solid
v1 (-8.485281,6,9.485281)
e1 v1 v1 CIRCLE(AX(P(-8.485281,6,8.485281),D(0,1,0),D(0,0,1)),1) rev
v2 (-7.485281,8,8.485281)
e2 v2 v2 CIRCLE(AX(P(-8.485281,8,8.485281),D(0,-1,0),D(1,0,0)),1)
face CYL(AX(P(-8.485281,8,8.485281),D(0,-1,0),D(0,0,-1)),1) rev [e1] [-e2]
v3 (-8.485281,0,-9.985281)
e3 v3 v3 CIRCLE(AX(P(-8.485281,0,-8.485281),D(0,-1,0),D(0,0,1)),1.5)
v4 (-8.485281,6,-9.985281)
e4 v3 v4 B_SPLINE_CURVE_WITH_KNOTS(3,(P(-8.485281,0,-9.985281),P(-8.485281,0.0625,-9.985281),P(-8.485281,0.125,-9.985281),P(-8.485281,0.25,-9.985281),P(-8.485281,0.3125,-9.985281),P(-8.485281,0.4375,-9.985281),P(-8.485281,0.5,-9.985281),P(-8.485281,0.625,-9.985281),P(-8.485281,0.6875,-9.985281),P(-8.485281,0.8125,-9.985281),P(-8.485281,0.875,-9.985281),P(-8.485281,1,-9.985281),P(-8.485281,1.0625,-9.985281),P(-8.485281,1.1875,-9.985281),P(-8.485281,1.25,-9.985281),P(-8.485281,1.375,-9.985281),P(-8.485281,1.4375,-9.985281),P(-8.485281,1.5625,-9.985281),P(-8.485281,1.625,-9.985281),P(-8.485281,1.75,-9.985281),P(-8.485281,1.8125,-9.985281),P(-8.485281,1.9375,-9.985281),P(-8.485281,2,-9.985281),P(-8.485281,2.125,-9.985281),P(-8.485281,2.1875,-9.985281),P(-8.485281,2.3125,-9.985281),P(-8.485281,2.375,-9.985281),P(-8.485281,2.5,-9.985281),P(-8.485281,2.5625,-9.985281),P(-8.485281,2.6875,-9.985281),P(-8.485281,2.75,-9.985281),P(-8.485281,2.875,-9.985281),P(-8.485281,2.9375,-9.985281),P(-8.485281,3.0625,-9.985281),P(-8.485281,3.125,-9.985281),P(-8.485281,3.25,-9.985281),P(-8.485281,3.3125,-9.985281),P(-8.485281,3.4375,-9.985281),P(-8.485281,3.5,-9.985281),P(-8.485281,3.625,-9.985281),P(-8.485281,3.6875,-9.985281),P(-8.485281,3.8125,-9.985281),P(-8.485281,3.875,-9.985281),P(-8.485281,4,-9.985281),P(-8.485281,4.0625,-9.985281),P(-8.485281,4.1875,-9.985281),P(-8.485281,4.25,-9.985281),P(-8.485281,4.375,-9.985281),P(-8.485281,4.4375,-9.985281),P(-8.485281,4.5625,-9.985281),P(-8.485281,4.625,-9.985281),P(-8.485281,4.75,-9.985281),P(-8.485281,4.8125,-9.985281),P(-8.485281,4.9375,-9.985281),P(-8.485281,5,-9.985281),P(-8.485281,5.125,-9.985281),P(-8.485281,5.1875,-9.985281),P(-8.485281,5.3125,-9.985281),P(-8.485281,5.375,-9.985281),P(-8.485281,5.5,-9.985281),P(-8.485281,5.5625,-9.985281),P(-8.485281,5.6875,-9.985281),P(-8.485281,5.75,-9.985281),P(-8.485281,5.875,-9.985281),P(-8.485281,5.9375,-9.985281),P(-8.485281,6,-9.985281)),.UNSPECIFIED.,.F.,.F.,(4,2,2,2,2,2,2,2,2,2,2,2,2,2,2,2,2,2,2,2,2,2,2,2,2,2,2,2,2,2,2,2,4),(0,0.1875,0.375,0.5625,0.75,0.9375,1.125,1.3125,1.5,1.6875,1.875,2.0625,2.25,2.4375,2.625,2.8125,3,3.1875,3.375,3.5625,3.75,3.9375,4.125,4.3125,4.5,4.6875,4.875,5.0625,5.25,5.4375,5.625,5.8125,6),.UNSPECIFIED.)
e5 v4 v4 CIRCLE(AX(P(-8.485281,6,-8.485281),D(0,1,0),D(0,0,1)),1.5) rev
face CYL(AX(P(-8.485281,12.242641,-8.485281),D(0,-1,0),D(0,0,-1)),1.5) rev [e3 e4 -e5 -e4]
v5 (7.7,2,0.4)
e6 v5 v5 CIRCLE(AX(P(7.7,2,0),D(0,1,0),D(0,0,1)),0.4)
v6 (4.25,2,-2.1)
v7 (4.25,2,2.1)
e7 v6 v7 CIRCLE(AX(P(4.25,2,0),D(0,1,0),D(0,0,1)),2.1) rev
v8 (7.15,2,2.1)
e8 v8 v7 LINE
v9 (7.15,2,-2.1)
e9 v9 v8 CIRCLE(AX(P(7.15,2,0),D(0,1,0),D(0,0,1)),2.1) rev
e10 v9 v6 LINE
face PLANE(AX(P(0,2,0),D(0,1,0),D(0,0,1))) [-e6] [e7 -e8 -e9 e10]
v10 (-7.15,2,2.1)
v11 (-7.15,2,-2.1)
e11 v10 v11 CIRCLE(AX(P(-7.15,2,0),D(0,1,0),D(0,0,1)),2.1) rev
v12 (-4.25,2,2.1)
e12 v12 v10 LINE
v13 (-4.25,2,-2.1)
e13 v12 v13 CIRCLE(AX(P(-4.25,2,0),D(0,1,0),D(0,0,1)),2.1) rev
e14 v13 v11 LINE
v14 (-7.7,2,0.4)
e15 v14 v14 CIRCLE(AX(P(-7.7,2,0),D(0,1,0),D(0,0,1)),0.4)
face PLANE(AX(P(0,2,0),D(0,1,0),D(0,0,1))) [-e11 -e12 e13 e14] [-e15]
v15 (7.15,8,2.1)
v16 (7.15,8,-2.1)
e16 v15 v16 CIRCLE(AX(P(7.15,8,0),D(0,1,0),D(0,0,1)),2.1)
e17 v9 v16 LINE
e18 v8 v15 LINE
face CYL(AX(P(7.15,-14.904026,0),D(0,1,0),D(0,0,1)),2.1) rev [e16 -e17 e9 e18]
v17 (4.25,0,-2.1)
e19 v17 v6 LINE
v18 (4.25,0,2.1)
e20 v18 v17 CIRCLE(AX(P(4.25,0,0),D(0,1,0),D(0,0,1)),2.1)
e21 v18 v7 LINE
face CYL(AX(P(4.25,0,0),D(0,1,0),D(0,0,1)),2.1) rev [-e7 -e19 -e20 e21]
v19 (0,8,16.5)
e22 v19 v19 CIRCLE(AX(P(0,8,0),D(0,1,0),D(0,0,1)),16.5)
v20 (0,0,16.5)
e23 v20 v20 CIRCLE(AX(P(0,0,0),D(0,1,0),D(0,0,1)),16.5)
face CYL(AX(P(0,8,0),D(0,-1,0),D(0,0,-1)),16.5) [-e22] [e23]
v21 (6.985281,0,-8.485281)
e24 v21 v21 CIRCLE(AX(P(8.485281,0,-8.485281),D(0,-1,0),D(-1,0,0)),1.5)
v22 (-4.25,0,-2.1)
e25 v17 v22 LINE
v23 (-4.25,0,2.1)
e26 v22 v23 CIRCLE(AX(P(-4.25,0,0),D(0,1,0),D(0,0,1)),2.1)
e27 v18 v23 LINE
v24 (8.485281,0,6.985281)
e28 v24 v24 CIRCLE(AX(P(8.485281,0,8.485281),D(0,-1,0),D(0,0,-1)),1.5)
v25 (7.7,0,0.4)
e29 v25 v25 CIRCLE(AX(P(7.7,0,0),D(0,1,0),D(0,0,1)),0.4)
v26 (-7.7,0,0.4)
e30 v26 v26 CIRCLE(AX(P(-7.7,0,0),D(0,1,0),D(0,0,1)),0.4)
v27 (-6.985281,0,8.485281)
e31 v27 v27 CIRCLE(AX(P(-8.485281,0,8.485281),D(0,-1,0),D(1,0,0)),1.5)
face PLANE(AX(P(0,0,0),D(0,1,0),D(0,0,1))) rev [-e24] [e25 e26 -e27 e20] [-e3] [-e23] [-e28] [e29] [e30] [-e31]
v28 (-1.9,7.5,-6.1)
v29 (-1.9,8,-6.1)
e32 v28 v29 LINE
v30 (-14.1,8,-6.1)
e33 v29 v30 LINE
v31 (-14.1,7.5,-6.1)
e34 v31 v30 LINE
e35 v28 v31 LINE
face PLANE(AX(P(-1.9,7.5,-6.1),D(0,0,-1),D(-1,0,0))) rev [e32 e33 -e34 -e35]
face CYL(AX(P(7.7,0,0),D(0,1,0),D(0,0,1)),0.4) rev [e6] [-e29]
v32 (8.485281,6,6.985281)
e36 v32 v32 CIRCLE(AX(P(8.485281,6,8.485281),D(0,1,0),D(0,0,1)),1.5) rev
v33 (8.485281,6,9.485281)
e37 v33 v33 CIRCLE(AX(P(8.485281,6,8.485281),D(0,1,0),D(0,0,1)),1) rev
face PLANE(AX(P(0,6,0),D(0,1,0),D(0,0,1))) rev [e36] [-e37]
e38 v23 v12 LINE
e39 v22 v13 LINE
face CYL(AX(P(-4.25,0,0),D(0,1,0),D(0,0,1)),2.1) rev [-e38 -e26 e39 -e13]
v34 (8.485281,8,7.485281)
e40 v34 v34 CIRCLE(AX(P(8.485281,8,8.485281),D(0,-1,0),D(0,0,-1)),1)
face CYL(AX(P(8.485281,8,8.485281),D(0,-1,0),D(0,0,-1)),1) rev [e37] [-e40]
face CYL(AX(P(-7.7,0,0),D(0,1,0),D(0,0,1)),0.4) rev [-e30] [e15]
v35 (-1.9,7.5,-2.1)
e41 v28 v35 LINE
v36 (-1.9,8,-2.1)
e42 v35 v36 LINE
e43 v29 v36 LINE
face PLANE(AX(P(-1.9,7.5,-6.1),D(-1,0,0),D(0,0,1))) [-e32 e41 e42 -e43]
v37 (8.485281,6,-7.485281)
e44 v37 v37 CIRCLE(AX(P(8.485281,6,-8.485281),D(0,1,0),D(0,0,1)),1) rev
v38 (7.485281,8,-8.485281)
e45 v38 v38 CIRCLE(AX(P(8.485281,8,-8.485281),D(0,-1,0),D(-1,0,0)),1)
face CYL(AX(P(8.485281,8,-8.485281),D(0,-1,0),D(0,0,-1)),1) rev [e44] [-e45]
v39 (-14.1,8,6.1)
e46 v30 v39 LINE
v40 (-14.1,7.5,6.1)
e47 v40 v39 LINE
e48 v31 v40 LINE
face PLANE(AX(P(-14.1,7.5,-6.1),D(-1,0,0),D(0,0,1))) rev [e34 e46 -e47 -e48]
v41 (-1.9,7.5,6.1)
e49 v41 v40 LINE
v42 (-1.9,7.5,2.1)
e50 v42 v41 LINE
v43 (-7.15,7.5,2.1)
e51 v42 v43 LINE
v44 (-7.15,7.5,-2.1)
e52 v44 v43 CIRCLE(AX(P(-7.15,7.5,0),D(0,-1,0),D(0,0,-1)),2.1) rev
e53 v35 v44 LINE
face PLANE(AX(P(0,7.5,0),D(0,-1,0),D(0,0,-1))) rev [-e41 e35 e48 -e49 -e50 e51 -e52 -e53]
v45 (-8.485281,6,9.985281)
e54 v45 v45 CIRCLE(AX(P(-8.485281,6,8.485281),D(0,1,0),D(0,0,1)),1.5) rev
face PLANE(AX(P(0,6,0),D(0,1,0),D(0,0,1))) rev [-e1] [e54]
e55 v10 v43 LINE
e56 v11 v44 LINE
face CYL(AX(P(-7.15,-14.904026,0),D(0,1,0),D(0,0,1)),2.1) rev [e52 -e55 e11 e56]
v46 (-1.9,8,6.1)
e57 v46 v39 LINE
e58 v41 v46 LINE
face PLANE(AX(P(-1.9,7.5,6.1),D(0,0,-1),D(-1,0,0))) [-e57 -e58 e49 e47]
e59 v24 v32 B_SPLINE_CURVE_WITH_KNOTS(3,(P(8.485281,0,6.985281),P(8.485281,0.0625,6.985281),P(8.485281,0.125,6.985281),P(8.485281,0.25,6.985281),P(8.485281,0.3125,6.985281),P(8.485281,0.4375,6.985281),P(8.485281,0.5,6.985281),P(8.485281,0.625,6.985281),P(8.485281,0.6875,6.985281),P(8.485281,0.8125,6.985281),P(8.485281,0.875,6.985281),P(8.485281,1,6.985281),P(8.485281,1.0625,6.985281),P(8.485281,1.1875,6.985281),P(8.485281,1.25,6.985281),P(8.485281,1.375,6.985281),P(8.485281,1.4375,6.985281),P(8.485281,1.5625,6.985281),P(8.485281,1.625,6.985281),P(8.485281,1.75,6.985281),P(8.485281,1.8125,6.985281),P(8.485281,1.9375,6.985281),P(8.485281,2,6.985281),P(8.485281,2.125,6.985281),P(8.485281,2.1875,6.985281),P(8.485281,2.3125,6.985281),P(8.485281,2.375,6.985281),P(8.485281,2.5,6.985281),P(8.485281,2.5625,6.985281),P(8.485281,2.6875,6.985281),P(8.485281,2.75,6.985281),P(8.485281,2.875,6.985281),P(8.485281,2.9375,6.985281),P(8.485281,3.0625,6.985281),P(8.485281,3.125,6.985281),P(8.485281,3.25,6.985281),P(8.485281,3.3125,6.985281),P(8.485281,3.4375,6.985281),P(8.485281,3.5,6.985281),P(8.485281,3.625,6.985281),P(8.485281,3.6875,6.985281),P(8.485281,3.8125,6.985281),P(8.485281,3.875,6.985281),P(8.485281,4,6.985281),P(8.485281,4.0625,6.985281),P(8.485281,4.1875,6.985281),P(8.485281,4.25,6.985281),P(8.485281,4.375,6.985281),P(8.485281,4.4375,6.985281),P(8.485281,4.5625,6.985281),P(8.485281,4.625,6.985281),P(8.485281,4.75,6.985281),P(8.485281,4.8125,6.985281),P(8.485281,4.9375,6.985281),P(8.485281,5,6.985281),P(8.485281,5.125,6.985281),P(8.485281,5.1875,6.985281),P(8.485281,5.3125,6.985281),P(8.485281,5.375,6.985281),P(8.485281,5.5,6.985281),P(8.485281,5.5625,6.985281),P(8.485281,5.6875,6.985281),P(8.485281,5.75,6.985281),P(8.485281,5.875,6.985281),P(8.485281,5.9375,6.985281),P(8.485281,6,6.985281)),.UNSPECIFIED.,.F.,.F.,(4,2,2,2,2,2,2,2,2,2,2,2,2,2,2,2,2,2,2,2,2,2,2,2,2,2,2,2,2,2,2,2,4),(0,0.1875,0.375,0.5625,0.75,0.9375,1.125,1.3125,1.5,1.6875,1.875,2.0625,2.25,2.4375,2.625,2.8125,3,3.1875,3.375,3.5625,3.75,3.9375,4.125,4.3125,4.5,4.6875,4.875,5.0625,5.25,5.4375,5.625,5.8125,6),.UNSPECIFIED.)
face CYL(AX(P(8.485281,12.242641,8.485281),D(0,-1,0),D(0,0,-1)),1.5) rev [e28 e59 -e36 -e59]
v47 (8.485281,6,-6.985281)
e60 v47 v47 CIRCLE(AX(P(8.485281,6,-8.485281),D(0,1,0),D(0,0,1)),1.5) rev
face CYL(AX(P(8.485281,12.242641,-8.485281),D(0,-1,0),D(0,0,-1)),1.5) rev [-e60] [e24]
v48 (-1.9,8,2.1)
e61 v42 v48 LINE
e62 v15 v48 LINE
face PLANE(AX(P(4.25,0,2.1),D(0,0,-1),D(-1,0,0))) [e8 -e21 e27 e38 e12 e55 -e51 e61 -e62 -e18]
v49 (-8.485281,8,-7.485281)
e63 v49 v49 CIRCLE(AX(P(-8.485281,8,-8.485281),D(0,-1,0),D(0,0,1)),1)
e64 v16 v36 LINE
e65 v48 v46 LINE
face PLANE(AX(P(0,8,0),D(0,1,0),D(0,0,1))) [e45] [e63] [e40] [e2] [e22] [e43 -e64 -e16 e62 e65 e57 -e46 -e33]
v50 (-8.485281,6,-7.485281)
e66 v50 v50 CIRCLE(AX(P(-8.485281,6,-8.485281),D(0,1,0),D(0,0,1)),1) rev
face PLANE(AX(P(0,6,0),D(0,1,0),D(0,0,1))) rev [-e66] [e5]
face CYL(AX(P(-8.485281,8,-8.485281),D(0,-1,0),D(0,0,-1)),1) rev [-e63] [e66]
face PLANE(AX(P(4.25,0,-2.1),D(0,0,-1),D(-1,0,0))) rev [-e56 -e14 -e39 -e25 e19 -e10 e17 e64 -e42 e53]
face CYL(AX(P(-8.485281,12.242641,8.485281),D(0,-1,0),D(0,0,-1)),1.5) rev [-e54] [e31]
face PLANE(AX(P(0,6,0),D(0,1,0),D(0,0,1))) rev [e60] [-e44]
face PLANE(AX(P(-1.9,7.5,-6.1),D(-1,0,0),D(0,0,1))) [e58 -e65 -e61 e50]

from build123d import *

# Parameters (mm, degrees)
SKETCH_1_R               = 16.5
EXTRUDE_1_DEPTH          = 8
SKETCH_1_5_R             = 16.5
SKETCH_1_5_R_2           = 15.5
EXTRUDE_2_DEPTH          = 6
SKETCH_2_R               = 2.1
SKETCH_2_W               = 8.5
SKETCH_2_H               = 4.2
CUT_EXTRUDE_1_DEPTH      = 25.667792767
SKETCH_3_R               = 2.1
SKETCH_3_W               = 14.3
SKETCH_3_H               = 4.2
CUT_EXTRUDE_2_DEPTH      = 6
SKETCH_4_R               = 0.4
CUT_EXTRUDE_3_DEPTH      = 2
SKETCH_5_W               = 12.2
SKETCH_5_H               = 12.2
SKETCH_5_W_2             = 7
SKETCH_5_H_2             = 3.2
CUT_EXTRUDE_4_DEPTH      = 0.5
SKETCH_6_R               = 1
CUT_EXTRUDE_5_DEPTH      = 25.667792767
SKETCH_6_3_R             = 1.5
CUT_EXTRUDE_6_DEPTH      = 6
PATTERN_CIRCULAR_1_COUNT = 4


with BuildPart() as part:
    # 草图1 → 凸台-拉伸1 (new body)
    with BuildSketch(Plane(origin=(0, 0, 0), x_dir=(1, 0, 0), z_dir=(0, 1, 0))):
        with Locations(Location((0, 0, 0), (0, 0, 270))):
            Circle(SKETCH_1_R)
    extrude(amount=EXTRUDE_1_DEPTH)

    # 草图1<5> → 凸台-拉伸2 (add)
    with BuildSketch(Plane(origin=(0, 0, 0), x_dir=(1, 0, 0), z_dir=(0, 1, 0))):
        with Locations(Location((0, 0, 0), (0, 0, 270))):
            Circle(SKETCH_1_5_R)
        Circle(SKETCH_1_5_R_2, mode=Mode.SUBTRACT)
    extrude(amount=EXTRUDE_2_DEPTH)

    # 草图2 → 切除-拉伸1 (cut, through all)
    with BuildSketch(Plane(origin=(0, 8, 0), x_dir=(1, 0, 0), z_dir=(0, 1, 0))):
        with Locations((4.25, 0)):
            Circle(SKETCH_2_R)
        with Locations((-4.25, 0)):
            Circle(SKETCH_2_R)
        Rectangle(SKETCH_2_W, SKETCH_2_H)
    extrude(amount=-CUT_EXTRUDE_1_DEPTH, mode=Mode.SUBTRACT)

    # 草图3 → 切除-拉伸2 (cut)
    with BuildSketch(Plane(origin=(0, 8, 0), x_dir=(1, 0, 0), z_dir=(0, 1, 0))):
        with Locations((-7.15, 0)):
            Circle(SKETCH_3_R)
        with Locations((7.15, 0)):
            Circle(SKETCH_3_R)
        Rectangle(SKETCH_3_W, SKETCH_3_H)
    extrude(amount=-CUT_EXTRUDE_2_DEPTH, mode=Mode.SUBTRACT)

    # 草图4 → 切除-拉伸3 (cut)
    with BuildSketch(Plane(origin=(0, 2, 0), x_dir=(1, 0, 0), z_dir=(0, 1, 0))):
        with Locations(Location((-7.7, 0, 0), (0, 0, 270))):
            Circle(SKETCH_4_R)
        with Locations(Location((7.7, 0, 0), (0, 0, 270))):
            Circle(SKETCH_4_R)
    extrude(amount=-CUT_EXTRUDE_3_DEPTH, mode=Mode.SUBTRACT)

    # 草图5 → 切除-拉伸4 (cut)
    with BuildSketch(Plane(origin=(0, 8, 0), x_dir=(1, 0, 0), z_dir=(0, 1, 0))):
        with Locations((-8, 0)):
            Rectangle(SKETCH_5_W, SKETCH_5_H)
        with Locations((1.6, 0)):
            Rectangle(SKETCH_5_W_2, SKETCH_5_H_2)
    extrude(amount=-CUT_EXTRUDE_4_DEPTH, mode=Mode.SUBTRACT)

    # 草图6 → 切除-拉伸5 (cut, through all)
    with BuildSketch(Plane.XZ):
        with Locations(Location((8.485281374, 8.485281374, 0), (0, 0, 270))):
            Circle(SKETCH_6_R)
    cut_extrude_5 = extrude(amount=-CUT_EXTRUDE_5_DEPTH, mode=Mode.SUBTRACT)

    # 草图6<3> → 切除-拉伸6 (cut)
    with BuildSketch(Plane.XZ):
        with Locations(Location((8.485281374, 8.485281374, 0), (0, 0, 270))):
            Circle(SKETCH_6_3_R)
    cut_extrude_6 = extrude(amount=-CUT_EXTRUDE_6_DEPTH, mode=Mode.SUBTRACT)

    # 阵列(圆周)1: 切除-拉伸5, 切除-拉伸6 ×4 about axis
    pattern_circular_1_axis = Axis((0, 0, 0), (0, 1, 0))
    add([cut_extrude_5.rotate(pattern_circular_1_axis, i * 360 / PATTERN_CIRCULAR_1_COUNT) for i in range(1, PATTERN_CIRCULAR_1_COUNT)], mode=Mode.SUBTRACT)
    add([cut_extrude_6.rotate(pattern_circular_1_axis, i * 360 / PATTERN_CIRCULAR_1_COUNT) for i in range(1, PATTERN_CIRCULAR_1_COUNT)], mode=Mode.SUBTRACT)


solid = part.part
